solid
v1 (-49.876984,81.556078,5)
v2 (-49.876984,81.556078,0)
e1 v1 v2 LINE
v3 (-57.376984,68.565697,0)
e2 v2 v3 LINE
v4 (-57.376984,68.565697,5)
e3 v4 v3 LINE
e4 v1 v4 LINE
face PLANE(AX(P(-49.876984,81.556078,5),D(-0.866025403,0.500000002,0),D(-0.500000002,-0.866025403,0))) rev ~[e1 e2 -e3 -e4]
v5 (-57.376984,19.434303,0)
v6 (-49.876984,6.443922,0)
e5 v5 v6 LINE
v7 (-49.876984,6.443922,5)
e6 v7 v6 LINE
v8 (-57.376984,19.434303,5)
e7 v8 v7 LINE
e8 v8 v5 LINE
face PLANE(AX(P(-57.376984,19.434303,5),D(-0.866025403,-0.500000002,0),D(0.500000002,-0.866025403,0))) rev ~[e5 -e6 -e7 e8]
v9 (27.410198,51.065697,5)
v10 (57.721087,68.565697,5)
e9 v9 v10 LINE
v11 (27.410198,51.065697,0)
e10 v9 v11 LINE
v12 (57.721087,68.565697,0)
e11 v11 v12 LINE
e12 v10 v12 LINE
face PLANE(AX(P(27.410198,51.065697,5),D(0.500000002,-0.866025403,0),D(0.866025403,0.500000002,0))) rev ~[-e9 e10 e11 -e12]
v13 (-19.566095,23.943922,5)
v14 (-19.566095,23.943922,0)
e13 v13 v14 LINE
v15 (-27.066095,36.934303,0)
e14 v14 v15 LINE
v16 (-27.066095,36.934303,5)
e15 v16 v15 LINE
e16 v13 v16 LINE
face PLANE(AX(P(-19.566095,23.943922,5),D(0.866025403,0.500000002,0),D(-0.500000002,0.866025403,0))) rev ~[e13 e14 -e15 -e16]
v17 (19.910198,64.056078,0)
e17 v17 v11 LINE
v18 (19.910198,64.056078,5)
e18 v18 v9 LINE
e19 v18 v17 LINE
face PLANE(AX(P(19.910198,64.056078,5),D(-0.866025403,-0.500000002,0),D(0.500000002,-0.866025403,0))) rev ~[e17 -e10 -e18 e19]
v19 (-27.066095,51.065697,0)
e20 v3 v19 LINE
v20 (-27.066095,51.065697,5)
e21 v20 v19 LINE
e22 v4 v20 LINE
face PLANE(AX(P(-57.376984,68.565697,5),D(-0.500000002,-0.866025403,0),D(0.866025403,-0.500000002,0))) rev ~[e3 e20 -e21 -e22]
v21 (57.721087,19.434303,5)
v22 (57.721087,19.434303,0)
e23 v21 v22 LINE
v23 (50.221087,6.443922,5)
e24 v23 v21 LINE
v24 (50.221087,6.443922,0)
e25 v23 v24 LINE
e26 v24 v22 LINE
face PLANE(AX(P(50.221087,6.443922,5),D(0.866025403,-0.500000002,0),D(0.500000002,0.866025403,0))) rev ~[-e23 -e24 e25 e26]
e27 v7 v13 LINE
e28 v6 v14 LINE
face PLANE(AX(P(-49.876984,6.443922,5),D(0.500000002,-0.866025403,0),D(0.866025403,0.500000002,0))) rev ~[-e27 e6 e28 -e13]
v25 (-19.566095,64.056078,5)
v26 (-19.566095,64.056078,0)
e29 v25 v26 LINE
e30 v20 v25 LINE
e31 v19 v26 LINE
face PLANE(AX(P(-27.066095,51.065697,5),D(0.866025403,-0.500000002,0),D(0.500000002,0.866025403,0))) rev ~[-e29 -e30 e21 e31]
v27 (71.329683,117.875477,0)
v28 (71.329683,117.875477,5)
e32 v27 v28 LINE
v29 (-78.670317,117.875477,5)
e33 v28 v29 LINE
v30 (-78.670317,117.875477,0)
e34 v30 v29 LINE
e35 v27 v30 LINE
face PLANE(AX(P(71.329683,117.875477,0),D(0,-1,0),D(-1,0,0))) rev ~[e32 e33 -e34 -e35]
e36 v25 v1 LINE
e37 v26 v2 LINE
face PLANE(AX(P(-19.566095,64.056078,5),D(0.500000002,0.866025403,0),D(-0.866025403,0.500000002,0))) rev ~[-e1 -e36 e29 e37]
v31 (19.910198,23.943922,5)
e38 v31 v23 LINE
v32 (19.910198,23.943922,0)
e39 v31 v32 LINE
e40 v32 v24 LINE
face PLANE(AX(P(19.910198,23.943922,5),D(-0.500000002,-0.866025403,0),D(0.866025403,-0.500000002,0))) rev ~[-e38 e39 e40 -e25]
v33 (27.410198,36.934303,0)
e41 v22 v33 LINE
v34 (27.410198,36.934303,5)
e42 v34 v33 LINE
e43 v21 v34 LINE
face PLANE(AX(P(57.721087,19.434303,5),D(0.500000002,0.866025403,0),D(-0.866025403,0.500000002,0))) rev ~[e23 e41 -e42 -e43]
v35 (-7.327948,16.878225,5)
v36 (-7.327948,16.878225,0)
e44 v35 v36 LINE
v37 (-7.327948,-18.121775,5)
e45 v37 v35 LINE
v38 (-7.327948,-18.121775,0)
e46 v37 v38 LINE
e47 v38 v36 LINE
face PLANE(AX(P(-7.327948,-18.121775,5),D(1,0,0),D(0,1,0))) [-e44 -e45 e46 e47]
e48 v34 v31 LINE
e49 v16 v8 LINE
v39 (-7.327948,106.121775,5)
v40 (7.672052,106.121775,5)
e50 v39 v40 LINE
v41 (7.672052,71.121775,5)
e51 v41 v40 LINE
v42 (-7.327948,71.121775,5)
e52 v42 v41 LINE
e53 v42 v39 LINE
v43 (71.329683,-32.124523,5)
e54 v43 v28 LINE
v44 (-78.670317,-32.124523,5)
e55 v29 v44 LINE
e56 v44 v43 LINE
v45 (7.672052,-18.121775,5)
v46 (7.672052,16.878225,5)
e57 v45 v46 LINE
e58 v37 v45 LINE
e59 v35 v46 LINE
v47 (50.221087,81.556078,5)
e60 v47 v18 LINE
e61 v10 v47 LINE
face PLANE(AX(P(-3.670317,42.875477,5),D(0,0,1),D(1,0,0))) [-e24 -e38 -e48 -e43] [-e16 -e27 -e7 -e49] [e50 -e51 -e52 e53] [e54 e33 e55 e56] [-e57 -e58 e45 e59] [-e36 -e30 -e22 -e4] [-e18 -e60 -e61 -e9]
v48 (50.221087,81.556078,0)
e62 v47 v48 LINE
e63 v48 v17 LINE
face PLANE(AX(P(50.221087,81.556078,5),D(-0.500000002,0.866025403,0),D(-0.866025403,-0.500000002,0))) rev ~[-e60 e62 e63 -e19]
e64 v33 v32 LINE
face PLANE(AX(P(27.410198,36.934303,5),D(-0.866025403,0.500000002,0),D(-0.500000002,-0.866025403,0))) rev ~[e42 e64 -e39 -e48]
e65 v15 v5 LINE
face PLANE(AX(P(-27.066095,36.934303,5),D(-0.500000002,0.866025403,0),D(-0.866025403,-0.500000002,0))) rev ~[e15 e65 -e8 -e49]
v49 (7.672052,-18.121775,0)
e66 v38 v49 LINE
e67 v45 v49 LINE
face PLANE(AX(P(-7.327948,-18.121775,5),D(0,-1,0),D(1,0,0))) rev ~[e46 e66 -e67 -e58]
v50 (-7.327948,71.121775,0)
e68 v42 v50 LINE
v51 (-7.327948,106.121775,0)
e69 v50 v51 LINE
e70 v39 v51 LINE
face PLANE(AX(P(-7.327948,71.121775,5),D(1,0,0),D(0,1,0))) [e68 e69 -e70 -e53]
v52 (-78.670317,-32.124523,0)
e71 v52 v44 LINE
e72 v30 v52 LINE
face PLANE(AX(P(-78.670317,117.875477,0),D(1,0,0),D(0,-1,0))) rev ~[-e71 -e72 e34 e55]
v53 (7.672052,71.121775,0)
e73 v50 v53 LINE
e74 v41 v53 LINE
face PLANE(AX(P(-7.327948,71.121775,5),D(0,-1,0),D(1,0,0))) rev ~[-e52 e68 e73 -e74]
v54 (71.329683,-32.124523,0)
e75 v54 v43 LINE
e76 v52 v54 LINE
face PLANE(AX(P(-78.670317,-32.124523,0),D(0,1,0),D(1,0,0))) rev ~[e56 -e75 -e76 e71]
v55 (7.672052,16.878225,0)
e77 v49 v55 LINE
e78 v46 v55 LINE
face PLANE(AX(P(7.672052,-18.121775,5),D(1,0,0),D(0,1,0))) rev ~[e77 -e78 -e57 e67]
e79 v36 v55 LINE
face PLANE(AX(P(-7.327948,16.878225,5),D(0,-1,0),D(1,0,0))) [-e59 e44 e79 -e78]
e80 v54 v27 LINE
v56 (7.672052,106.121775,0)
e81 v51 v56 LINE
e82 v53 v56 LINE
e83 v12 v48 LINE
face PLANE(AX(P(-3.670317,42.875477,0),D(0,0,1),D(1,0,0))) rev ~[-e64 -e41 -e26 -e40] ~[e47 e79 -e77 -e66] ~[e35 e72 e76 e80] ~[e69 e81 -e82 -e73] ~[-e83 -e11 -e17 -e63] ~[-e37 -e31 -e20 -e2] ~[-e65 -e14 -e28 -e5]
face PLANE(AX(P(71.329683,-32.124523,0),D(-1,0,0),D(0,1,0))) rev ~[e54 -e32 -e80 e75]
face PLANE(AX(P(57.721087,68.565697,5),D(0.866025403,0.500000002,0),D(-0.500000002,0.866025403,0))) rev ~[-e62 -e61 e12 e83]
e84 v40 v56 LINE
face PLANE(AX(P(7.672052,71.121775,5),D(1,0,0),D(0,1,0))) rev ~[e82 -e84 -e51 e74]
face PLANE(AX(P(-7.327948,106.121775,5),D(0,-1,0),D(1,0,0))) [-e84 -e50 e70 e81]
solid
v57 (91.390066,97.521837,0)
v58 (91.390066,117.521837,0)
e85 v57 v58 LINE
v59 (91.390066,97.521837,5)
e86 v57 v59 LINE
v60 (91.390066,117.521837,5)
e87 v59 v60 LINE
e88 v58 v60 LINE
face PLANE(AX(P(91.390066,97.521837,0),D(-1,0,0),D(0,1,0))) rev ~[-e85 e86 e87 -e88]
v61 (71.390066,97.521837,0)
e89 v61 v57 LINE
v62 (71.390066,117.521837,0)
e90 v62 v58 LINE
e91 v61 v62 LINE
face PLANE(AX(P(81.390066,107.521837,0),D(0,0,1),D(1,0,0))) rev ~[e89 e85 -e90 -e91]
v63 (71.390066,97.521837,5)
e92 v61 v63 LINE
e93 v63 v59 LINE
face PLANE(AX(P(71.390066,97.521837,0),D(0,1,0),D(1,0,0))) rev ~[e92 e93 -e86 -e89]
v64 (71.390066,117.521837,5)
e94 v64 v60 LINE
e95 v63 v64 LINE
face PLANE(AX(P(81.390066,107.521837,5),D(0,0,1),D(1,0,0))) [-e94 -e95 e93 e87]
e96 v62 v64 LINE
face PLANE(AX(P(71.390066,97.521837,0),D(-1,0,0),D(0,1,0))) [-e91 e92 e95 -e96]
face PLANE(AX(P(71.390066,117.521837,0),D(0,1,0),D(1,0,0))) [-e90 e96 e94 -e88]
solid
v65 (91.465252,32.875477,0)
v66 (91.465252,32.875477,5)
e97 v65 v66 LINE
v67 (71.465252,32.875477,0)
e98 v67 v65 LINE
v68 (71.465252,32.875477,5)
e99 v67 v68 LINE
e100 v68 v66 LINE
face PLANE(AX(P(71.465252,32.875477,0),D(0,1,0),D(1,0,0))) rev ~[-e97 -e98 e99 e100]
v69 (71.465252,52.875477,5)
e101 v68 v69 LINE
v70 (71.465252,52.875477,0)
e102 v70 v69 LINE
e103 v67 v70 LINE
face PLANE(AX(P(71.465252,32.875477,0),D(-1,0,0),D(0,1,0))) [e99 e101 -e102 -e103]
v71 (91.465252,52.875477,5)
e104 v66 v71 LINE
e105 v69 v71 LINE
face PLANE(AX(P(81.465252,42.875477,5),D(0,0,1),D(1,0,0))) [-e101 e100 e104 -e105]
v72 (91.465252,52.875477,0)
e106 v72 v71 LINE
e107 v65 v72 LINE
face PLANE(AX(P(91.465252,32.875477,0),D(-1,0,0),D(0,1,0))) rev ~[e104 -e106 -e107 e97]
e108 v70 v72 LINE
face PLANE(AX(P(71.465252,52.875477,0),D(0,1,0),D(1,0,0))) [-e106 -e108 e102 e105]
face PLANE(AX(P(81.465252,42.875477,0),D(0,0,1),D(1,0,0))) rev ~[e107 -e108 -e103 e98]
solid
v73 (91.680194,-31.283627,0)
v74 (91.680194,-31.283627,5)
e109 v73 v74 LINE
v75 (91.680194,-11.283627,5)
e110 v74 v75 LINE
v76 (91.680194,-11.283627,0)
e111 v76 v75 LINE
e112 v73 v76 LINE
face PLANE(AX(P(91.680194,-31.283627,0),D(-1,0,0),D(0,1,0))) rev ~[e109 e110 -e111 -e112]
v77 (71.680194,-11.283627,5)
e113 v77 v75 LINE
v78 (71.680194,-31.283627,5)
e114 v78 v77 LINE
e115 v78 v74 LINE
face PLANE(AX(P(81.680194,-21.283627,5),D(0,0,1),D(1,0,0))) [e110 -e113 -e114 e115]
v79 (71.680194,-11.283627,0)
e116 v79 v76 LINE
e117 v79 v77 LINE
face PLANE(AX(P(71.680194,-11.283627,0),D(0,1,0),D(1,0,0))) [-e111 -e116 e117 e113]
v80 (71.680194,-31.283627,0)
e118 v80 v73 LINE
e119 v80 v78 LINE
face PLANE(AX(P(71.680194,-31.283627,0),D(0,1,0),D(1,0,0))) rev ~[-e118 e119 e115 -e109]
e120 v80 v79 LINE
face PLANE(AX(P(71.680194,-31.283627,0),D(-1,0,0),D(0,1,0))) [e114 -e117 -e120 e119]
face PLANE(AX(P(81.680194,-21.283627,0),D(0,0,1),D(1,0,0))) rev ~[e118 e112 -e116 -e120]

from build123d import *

# Parameters (mm, degrees)
F0_W     = 20
F0_H     = 20
F1_DEPTH = 5
F2_W     = 15
F2_H     = 35
F3_DEPTH = 62


with BuildPart() as f1:
    # F0 (on Top) → F1 (new body)
    with BuildSketch(Plane.XY):
        Polygon((71.329683, 117.875477), (-78.670317, 117.875477), (-78.670317, -32.124523), (71.329683, -32.124523), (71.329683, 52.875477), align=None)
        with Locations((81.680194, -21.283627)):
            Rectangle(F0_W, F0_H)
        with Locations((81.465252, 42.875477)):
            Rectangle(F0_W, F0_H)
        with Locations((81.390066, 107.521837)):
            Rectangle(F0_W, F0_H)
    extrude(amount=F1_DEPTH)

    # F2 (on face) → F3 (cut)
    with BuildSketch(Plane.XY.offset(5)):
        with Locations((0.172052, -0.621775)):
            Rectangle(F2_W, F2_H)
        Polygon((27.410198, 36.934303), (19.910198, 23.943922), (50.221087, 6.443922), (57.721087, 19.434303), align=None)
        Polygon((19.910198, 64.056078), (27.410198, 51.065697), (57.721087, 68.565697), (50.221087, 81.556078), align=None)
        with Locations((0.172052, 88.621775)):
            Rectangle(F2_W, F2_H)
        Polygon((-27.066095, 51.065697), (-19.566095, 64.056078), (-49.876984, 81.556078), (-57.376984, 68.565697), align=None)
        Polygon((-19.566095, 23.943922), (-27.066095, 36.934303), (-57.376984, 19.434303), (-49.876984, 6.443922), align=None)
    extrude(amount=-F3_DEPTH, mode=Mode.SUBTRACT)


solid = f1.part
